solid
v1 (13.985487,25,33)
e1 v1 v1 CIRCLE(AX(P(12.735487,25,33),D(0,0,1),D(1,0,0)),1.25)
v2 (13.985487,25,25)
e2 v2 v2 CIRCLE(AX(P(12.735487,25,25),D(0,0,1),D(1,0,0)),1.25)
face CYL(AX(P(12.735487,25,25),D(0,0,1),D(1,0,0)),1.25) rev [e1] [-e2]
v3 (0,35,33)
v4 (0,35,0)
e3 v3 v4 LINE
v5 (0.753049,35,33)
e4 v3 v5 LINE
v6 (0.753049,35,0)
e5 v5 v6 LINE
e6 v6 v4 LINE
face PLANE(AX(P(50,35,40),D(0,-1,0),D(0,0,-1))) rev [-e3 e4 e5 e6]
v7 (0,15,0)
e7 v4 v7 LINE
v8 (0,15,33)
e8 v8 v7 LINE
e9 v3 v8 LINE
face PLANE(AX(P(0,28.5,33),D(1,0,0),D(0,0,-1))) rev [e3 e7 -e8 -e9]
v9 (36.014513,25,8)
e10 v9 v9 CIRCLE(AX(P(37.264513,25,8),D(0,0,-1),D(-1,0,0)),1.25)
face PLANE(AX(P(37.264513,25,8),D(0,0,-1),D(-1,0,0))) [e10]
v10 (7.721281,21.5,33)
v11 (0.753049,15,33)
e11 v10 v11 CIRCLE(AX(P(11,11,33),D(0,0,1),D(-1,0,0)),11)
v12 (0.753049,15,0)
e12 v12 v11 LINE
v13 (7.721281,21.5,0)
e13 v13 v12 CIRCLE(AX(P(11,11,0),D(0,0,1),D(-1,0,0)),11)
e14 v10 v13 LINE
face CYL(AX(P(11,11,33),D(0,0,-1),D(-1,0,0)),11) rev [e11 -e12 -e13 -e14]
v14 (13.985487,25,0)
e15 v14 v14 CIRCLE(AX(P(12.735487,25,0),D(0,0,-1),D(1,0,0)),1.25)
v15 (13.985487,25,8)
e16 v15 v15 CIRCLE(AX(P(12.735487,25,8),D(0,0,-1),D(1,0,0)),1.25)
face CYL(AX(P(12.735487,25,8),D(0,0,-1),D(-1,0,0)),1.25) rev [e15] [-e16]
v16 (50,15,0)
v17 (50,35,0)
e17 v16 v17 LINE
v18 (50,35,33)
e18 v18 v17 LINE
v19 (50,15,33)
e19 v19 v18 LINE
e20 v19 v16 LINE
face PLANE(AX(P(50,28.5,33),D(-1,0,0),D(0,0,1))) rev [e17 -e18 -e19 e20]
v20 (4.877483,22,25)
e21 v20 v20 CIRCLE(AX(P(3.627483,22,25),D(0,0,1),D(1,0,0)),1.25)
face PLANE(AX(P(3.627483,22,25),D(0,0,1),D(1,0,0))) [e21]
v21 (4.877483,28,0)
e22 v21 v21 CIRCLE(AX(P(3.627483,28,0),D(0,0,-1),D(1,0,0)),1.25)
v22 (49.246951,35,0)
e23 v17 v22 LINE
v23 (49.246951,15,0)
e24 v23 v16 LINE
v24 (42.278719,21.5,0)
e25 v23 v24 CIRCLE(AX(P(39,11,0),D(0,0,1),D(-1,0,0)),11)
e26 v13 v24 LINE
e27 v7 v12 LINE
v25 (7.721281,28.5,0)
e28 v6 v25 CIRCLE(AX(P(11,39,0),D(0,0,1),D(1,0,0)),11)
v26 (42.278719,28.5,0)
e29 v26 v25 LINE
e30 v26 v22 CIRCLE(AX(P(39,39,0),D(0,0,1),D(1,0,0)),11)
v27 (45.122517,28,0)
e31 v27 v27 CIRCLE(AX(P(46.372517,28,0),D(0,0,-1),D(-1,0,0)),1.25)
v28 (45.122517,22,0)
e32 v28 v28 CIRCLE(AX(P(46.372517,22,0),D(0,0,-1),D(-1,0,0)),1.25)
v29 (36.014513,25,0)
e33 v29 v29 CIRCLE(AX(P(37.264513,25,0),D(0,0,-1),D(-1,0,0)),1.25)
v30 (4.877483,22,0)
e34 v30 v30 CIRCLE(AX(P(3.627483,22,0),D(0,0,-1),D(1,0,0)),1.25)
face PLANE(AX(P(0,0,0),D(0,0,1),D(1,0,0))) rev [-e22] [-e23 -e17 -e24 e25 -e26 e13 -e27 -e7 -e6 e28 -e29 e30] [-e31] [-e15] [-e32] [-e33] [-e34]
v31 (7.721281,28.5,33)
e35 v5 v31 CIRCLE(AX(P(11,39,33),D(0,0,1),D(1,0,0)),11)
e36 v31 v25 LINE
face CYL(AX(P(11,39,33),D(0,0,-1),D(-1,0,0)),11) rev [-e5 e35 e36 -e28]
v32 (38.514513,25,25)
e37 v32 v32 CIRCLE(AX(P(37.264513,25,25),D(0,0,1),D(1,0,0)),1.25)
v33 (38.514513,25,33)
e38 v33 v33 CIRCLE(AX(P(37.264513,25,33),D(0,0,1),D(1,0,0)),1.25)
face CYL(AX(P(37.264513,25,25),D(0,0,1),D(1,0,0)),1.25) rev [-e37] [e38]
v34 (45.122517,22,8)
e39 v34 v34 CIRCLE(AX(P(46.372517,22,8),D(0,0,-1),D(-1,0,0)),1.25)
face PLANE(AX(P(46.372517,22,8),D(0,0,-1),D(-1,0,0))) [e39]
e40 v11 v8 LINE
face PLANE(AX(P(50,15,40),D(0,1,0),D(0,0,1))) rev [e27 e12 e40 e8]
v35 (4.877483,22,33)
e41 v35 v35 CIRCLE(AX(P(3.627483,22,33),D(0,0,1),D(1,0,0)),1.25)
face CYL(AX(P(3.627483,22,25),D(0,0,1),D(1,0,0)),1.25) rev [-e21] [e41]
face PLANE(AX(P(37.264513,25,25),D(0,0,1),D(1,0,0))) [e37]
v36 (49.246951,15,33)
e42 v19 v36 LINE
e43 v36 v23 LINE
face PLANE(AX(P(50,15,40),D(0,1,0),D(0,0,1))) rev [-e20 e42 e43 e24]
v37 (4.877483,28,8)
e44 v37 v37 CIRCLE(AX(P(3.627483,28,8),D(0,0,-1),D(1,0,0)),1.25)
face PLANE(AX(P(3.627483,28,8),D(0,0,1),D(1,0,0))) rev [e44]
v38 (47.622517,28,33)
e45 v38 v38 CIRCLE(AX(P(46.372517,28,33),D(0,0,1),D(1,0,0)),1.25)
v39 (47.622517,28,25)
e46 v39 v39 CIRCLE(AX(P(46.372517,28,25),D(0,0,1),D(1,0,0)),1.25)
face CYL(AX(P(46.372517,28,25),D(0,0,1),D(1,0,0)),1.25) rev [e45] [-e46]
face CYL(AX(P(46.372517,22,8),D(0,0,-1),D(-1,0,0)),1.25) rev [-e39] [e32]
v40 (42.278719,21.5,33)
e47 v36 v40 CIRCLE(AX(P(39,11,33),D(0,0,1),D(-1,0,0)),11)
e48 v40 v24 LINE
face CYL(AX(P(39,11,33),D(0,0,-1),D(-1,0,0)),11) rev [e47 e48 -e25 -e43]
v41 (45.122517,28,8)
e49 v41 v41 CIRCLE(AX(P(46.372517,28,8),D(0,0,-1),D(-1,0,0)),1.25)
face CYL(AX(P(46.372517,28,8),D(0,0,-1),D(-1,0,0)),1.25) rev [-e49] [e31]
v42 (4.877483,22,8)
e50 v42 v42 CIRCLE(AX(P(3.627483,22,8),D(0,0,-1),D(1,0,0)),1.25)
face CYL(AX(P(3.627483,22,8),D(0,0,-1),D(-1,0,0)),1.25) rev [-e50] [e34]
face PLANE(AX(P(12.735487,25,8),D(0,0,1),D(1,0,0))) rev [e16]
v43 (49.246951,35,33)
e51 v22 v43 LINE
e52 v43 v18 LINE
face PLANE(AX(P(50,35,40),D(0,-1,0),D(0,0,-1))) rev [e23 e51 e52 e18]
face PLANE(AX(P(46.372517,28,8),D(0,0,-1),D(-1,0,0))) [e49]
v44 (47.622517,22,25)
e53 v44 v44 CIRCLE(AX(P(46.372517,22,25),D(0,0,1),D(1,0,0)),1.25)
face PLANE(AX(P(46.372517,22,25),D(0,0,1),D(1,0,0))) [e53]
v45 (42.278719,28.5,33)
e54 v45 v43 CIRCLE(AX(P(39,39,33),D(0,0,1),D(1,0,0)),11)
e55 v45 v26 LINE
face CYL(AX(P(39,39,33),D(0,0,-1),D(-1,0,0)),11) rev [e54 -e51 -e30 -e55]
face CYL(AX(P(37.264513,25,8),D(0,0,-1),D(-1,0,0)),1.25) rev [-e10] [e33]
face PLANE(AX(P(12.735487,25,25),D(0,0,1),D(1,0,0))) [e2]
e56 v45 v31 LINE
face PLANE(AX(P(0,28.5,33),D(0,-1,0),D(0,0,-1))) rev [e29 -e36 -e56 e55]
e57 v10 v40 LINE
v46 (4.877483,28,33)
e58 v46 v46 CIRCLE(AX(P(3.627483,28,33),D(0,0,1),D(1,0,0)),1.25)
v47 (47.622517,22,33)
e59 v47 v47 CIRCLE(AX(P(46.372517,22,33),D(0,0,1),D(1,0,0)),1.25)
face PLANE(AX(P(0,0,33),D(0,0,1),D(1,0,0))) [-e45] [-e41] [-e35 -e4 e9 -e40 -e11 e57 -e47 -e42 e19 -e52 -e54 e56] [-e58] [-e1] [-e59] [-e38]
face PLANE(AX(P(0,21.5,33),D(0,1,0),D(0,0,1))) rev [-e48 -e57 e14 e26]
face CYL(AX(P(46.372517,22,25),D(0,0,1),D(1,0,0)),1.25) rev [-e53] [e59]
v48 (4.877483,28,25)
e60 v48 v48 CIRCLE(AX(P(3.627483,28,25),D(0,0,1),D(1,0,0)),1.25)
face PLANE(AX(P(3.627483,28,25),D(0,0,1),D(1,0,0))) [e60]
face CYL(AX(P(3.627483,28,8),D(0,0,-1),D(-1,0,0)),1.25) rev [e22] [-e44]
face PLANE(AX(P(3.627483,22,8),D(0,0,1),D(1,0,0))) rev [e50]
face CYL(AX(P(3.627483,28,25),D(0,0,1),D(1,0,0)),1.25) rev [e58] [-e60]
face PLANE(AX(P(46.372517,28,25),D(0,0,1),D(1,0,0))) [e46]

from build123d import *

# Parameters (mm, degrees)
SKETCH_3_W          = 50
SKETCH_3_H          = 7
EXTRUDE_1_DEPTH     = 33
EXTRUDE_2_DEPTH     = 33
SKETCH_5_R          = 1.25
CUT_EXTRUDE_1_DEPTH = 8
SKETCH_6_W          = 50
SKETCH_6_H          = 4
CUT_EXTRUDE_2_DEPTH = 40
CUT_EXTRUDE_START   = -8
SKETCH_7_R          = 1.25
CUT_EXTRUDE_3_DEPTH = 8


with BuildPart() as part:
    # 草图3 → 凸台-拉伸1 (new body)
    with BuildSketch(Plane.XY):
        with Locations((25, 25)):
            Rectangle(SKETCH_3_W, SKETCH_3_H)
    extrude(amount=EXTRUDE_1_DEPTH)

    # 草图4 → 凸台-拉伸2 (add)
    with BuildSketch(Plane(origin=(0, 0, 0), x_dir=(-1, 0, 0), z_dir=(0, 0, -1))):
        with BuildLine():
            Line((-50, 21.5), (-50, 11))
            ThreePointArc((-50, 11), (-47.86188219, 17.51667431), (-42.278719262, 21.5))
            Line((-42.278719262, 21.5), (-50, 21.5))
        make_face()
        with BuildLine():
            Line((-7.721280738, 21.5), (0, 21.5))
            Line((0, 21.5), (0, 11))
            ThreePointArc((0, 11), (-2.13811781, 17.51667431), (-7.721280738, 21.5))
        make_face()
        with BuildLine():
            Line((0, 28.5), (0, 39))
            ThreePointArc((0, 39), (-2.13811781, 32.48332569), (-7.721280738, 28.5))
            Line((-7.721280738, 28.5), (0, 28.5))
        make_face()
        with BuildLine():
            Line((-50, 28.5), (-42.278719262, 28.5))
            ThreePointArc((-42.278719262, 28.5), (-47.86188219, 32.48332569), (-50, 39))
            Line((-50, 39), (-50, 28.5))
        make_face()
    extrude(amount=-EXTRUDE_2_DEPTH)

    # 草图5 → 切除-拉伸1 (cut)
    with BuildSketch(Plane(origin=(0, 0, 0), x_dir=(-1, 0, 0), z_dir=(0, 0, -1))):
        with Locations((-46.372516673, 28)):
            Circle(SKETCH_5_R)
        with Locations((-46.372516673, 22)):
            Circle(SKETCH_5_R)
        with Locations((-37.264513071, 25)):
            Circle(SKETCH_5_R)
        with Locations(Location((-3.627483327, 22, 0), (0, 0, 180))):
            Circle(SKETCH_5_R)
        with Locations(Location((-3.627483327, 28, 0), (0, 0, 180))):
            Circle(SKETCH_5_R)
        with Locations(Location((-12.735486929, 25, 0), (0, 0, 180))):
            Circle(SKETCH_5_R)
    extrude(amount=-CUT_EXTRUDE_1_DEPTH, mode=Mode.SUBTRACT)

    # 草图6 → 切除-拉伸2 (cut)
    with BuildSketch(Plane(origin=(0, 0, 0), x_dir=(-1, 0, 0), z_dir=(0, 0, -1))):
        with Locations((-25, 37)):
            Rectangle(SKETCH_6_W, SKETCH_6_H)
        with Locations((-25, 13)):
            Rectangle(SKETCH_6_W, SKETCH_6_H)
    extrude(amount=-CUT_EXTRUDE_2_DEPTH, mode=Mode.SUBTRACT)

    # 草图7 → 切除-拉伸3 (cut)
    with BuildSketch(Plane.XY.offset(33).offset(CUT_EXTRUDE_START)):
        with Locations((3.627483327, 28)):
            Circle(SKETCH_7_R)
        with Locations((3.627483327, 22)):
            Circle(SKETCH_7_R)
        with Locations((12.735486929, 25)):
            Circle(SKETCH_7_R)
        with Locations(Location((46.372516673, 22, 0), (0, 0, 180))):
            Circle(SKETCH_7_R)
        with Locations(Location((46.372516673, 28, 0), (0, 0, 180))):
            Circle(SKETCH_7_R)
        with Locations(Location((37.264513071, 25, 0), (0, 0, 180))):
            Circle(SKETCH_7_R)
    extrude(amount=CUT_EXTRUDE_3_DEPTH, mode=Mode.SUBTRACT)


solid = part.part
